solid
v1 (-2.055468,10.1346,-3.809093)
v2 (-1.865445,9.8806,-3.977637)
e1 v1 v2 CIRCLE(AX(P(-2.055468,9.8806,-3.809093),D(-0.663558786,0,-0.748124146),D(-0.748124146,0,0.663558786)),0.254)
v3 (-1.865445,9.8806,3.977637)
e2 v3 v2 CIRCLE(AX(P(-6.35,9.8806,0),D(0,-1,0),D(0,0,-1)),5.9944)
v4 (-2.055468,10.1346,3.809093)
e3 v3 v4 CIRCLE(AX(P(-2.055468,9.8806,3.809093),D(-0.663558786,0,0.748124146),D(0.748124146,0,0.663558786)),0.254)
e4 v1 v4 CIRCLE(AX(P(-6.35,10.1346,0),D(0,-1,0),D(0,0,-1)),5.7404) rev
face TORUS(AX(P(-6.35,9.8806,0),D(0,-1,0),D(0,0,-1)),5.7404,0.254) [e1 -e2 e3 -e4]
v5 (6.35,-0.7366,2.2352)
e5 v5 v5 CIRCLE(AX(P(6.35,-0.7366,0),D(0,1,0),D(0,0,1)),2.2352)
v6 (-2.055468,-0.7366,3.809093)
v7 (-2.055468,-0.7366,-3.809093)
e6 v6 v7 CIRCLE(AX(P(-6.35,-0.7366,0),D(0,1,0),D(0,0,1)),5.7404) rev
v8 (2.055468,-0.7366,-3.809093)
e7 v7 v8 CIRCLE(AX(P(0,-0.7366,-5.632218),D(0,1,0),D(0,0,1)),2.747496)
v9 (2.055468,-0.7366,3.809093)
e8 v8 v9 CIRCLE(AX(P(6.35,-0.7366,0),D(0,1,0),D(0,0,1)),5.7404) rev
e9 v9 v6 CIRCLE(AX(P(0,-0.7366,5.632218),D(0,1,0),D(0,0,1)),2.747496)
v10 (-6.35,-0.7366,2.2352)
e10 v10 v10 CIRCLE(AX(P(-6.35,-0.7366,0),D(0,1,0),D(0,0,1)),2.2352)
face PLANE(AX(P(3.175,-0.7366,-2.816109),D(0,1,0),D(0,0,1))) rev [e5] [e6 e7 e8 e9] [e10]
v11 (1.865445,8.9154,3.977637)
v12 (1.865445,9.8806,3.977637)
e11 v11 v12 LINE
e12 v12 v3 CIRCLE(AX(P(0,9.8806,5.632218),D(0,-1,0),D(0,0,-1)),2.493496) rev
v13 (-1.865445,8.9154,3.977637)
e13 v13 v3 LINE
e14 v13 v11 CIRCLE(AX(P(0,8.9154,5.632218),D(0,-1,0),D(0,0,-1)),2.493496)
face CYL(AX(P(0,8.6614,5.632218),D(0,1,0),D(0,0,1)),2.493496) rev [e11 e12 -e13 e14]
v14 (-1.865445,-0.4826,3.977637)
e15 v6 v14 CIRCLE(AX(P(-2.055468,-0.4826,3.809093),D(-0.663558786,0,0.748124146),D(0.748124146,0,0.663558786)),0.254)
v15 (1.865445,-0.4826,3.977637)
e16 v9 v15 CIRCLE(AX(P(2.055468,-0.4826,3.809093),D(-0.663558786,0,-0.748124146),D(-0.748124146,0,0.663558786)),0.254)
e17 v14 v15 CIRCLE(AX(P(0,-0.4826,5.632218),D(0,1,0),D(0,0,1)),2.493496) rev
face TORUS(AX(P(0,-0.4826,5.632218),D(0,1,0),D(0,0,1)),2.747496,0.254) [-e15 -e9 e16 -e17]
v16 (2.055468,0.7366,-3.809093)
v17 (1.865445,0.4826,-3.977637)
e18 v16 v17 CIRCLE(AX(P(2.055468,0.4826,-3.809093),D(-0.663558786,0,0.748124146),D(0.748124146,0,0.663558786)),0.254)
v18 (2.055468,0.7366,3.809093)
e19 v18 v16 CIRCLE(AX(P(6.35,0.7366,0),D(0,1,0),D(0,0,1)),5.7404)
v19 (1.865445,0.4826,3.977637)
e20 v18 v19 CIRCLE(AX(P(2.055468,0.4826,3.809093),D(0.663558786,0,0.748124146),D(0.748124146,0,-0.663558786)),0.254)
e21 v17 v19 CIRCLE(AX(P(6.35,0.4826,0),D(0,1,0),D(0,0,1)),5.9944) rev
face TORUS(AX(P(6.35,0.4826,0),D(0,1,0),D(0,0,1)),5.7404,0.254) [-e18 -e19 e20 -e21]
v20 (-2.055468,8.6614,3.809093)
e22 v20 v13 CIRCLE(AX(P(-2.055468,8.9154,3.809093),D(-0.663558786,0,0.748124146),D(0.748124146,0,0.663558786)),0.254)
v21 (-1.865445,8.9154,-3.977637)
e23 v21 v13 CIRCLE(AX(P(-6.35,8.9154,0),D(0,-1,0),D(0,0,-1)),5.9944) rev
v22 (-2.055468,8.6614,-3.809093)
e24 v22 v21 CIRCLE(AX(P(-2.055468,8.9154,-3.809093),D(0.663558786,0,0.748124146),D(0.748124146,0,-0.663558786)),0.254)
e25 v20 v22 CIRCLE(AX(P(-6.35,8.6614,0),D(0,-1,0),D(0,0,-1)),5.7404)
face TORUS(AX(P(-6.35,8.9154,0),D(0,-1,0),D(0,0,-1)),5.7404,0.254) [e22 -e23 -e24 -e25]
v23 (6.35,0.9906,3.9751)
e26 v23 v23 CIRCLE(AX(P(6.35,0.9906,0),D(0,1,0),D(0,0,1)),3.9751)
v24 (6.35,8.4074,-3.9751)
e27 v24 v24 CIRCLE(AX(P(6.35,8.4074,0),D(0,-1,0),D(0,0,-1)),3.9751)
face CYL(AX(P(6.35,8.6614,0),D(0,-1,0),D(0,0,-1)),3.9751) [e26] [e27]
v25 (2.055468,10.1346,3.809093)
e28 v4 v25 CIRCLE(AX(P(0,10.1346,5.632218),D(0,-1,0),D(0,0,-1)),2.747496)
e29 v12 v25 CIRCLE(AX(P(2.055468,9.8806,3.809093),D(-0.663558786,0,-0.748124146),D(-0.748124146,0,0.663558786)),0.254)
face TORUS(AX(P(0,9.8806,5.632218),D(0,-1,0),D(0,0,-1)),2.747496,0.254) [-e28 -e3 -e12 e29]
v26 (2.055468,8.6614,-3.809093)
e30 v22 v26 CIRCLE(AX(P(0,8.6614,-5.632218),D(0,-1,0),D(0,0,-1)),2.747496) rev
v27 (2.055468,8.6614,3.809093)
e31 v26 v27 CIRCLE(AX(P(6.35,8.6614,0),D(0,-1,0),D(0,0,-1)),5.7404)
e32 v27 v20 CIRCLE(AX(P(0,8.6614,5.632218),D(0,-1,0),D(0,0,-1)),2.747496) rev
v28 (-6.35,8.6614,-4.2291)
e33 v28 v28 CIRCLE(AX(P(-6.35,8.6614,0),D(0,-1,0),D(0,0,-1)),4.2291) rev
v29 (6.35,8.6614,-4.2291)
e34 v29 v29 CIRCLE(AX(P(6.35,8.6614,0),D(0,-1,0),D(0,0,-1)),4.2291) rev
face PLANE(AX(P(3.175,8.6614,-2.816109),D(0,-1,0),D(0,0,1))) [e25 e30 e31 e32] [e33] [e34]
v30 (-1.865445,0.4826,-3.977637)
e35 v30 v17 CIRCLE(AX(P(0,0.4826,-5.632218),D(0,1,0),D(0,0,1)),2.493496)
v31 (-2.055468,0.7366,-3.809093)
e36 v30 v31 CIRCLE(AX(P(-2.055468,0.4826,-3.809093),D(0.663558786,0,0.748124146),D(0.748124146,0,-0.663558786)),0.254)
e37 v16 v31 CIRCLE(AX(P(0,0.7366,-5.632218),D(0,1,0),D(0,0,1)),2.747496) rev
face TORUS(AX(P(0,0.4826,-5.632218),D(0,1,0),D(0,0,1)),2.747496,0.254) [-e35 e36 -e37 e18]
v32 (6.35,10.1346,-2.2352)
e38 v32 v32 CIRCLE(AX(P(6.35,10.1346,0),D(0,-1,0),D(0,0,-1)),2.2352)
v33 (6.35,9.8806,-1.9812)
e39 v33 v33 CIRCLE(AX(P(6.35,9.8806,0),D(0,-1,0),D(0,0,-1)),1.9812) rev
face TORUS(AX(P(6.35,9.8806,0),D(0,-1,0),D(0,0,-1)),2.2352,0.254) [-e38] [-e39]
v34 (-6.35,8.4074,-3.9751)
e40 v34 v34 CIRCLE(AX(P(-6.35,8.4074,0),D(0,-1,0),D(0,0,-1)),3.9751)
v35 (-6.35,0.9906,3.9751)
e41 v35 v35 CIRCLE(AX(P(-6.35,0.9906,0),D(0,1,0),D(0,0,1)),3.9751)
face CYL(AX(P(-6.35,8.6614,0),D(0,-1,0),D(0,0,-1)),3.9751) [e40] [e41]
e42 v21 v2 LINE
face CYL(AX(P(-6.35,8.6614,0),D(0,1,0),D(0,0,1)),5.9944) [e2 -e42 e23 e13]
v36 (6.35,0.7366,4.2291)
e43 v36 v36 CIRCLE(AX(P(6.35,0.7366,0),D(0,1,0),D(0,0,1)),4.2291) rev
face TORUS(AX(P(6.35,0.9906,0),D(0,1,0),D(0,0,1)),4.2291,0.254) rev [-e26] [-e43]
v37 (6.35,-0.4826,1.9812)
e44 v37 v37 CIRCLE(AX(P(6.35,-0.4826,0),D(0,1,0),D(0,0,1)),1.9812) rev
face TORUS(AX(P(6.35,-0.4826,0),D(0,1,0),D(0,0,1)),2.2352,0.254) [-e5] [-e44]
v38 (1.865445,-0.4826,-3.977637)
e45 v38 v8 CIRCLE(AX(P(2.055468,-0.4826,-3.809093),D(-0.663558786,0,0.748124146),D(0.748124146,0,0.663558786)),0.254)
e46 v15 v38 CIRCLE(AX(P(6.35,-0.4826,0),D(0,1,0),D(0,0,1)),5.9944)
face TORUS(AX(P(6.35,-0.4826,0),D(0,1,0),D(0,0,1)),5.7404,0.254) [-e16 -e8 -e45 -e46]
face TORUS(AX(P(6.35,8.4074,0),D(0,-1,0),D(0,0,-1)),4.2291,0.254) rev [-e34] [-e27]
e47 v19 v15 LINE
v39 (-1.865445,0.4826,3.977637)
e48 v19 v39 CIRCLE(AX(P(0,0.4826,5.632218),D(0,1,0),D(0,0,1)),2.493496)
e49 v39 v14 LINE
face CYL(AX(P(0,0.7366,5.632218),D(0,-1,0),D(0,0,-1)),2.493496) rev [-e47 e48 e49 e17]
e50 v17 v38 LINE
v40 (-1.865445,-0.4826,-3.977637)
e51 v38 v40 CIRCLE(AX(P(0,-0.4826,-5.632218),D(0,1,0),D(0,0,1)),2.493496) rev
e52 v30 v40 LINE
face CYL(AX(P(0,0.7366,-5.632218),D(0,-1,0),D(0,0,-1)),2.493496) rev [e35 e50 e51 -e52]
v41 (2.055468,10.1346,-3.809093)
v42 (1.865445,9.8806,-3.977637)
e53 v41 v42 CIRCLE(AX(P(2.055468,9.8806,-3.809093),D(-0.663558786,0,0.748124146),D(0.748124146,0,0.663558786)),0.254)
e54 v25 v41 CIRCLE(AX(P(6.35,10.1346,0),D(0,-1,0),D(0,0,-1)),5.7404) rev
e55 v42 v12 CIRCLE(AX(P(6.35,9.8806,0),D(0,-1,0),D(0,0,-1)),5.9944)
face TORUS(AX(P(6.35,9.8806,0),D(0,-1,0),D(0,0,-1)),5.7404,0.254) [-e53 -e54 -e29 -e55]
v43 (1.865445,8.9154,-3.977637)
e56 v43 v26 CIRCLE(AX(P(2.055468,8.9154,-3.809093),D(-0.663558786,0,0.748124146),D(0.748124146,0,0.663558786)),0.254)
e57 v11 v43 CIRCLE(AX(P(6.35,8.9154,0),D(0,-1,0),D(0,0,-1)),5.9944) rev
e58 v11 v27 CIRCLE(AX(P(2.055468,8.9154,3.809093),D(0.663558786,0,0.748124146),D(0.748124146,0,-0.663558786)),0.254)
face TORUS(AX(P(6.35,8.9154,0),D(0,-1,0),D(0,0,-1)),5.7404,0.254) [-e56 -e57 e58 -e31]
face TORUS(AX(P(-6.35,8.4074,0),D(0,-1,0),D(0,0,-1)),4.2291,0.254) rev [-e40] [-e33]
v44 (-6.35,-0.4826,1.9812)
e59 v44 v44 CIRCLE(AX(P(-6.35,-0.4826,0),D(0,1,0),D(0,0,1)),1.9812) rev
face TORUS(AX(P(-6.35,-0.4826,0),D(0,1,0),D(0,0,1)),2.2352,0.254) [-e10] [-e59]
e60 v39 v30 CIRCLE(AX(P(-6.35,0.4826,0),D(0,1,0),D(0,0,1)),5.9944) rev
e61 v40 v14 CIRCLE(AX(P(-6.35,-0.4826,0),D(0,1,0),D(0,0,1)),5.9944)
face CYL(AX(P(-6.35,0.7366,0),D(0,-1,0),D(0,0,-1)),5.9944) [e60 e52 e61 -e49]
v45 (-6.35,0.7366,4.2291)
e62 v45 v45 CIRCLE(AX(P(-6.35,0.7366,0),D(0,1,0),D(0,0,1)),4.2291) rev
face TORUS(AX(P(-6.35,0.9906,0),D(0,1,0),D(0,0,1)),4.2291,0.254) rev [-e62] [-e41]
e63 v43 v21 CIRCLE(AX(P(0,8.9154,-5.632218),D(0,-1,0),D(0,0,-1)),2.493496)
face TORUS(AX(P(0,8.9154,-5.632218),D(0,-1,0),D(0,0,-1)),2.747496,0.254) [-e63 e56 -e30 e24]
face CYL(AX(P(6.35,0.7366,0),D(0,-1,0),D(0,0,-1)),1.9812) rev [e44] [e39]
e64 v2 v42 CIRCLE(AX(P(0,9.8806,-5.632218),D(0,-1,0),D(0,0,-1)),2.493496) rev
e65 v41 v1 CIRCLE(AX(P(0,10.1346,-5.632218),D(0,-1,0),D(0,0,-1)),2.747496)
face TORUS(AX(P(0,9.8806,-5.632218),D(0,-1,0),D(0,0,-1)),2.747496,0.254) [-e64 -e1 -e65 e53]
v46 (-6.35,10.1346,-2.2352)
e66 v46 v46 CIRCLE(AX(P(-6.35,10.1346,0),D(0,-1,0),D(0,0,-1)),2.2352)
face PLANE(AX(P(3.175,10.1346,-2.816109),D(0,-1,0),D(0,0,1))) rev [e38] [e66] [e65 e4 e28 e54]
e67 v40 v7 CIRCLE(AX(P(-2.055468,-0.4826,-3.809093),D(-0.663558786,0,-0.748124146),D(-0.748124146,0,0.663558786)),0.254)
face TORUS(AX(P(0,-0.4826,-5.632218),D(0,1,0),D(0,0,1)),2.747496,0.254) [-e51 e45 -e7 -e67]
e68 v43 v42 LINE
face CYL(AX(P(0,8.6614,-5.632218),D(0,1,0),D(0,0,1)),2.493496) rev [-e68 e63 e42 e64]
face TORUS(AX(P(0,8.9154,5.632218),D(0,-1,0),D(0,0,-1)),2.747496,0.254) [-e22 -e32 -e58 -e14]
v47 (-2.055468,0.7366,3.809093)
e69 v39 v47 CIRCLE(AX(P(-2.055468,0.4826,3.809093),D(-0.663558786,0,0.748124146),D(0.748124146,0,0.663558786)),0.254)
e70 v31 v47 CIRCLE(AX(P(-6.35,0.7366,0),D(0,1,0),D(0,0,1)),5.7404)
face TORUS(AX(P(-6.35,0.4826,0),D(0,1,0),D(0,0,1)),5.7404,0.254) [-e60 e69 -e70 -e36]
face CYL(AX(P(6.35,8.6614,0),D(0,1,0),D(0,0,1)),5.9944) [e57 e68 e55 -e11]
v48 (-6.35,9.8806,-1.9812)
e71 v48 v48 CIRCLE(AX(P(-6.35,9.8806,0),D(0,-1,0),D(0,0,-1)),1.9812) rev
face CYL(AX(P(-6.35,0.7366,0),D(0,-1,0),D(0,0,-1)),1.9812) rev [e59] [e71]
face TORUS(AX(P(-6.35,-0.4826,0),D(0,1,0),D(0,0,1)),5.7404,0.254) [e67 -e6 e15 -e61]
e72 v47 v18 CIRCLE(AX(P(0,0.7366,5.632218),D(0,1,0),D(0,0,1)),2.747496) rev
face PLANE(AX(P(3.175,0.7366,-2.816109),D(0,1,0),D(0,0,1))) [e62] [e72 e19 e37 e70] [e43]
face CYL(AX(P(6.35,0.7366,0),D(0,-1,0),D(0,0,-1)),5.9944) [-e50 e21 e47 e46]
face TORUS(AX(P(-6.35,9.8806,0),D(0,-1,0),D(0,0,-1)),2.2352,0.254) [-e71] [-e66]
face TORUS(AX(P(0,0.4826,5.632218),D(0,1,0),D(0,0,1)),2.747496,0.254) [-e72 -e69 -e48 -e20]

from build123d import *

# Parameters (mm, degrees)
SKETCH1_R             = 1.9812
BOSS_EXTRUDE1_DEPTH   = 0.7366
SKETCH5_R             = 3.9751
SKETCH5_R_2           = 1.9812
BOSS_EXTRUDE2_DEPTH   = 7.9248
FILLET_2_R            = 0.254
FILLET_2_OF_MIRROR2_R = 0.254


with BuildPart() as part:
    # Sketch1 → Boss-Extrude1 (new body, symmetric)
    with BuildSketch(Plane(origin=(0, 0, 0), x_dir=(1, 0, 0), z_dir=(0, 1, 0))):
        with BuildLine():
            ThreePointArc((-1.865444619, 3.977636785), (-12.3444, 0), (-1.865444619, -3.977636785))
            ThreePointArc((-1.865444619, -3.977636785), (0, -3.138721939), (1.865444619, -3.977636785))
            ThreePointArc((1.865444619, -3.977636785), (12.3444, 0), (1.865444619, 3.977636785))
            ThreePointArc((1.865444619, 3.977636785), (0, 3.138721939), (-1.865444619, 3.977636785))
        make_face()
        with Locations((-6.35, 0)):
            Circle(SKETCH1_R, mode=Mode.SUBTRACT)
        with Locations((6.35, 0)):
            Circle(SKETCH1_R, mode=Mode.SUBTRACT)
    boss_extrude1 = extrude(amount=BOSS_EXTRUDE1_DEPTH, both=True)

    # Sketch5 → Boss-Extrude2 (add)
    with BuildSketch(Plane(origin=(0, 0.7366, 0), x_dir=(1, 0, 0), z_dir=(0, 1, 0))):
        with Locations((6.35, 0)):
            Circle(SKETCH5_R)
        with Locations((6.35, 0)):
            Circle(SKETCH5_R_2, mode=Mode.SUBTRACT)
        with Locations((-6.35, 0)):
            Circle(SKETCH5_R)
        with Locations((-6.35, 0)):
            Circle(SKETCH5_R_2, mode=Mode.SUBTRACT)
    extrude(amount=BOSS_EXTRUDE2_DEPTH)

    # Fillet 2
    fillet_2_edges = [part.edges().sort_by_distance(p)[0] for p in [
        (-8.3312, -0.7366, 0),
        (0, 0.7366, 3.138721939),
        (4.3688, -0.7366, 0),
        (12.3444, 0.7366, 0),
        (2.3749, 0.7366, 0),
        (-10.3251, 0.7366, 0),
        (0, 0.7366, -3.138721939),
        (12.3444, -0.7366, 0),
        (0, -0.7366, 3.138721939),
        (-12.3444, -0.7366, 0),
        (0, -0.7366, -3.138721939),
        (-12.3444, 0.7366, 0),
    ]]
    fillet(fillet_2_edges, radius=FILLET_2_R)

    # Mirror2: Boss-Extrude1 across plane
    add(boss_extrude1.mirror(Plane.ZX.offset(4.699)))

    # Fillet 2 of Mirror2
    fillet_2_of_mirror2_edges = [part.edges().sort_by_distance(p)[0] for p in [
        (-8.3312, 10.1346, 0),
        (0, 8.6614, 3.138721939),
        (4.3688, 10.1346, 0),
        (12.3444, 8.6614, 0),
        (2.3749, 8.6614, 0),
        (-10.3251, 8.6614, 0),
        (0, 8.6614, -3.138721939),
        (12.3444, 10.1346, 0),
        (0, 10.1346, 3.138721939),
        (-12.3444, 10.1346, 0),
        (0, 10.1346, -3.138721939),
        (-12.3444, 8.6614, 0),
    ]]
    fillet(fillet_2_of_mirror2_edges, radius=FILLET_2_OF_MIRROR2_R)


solid = part.part
